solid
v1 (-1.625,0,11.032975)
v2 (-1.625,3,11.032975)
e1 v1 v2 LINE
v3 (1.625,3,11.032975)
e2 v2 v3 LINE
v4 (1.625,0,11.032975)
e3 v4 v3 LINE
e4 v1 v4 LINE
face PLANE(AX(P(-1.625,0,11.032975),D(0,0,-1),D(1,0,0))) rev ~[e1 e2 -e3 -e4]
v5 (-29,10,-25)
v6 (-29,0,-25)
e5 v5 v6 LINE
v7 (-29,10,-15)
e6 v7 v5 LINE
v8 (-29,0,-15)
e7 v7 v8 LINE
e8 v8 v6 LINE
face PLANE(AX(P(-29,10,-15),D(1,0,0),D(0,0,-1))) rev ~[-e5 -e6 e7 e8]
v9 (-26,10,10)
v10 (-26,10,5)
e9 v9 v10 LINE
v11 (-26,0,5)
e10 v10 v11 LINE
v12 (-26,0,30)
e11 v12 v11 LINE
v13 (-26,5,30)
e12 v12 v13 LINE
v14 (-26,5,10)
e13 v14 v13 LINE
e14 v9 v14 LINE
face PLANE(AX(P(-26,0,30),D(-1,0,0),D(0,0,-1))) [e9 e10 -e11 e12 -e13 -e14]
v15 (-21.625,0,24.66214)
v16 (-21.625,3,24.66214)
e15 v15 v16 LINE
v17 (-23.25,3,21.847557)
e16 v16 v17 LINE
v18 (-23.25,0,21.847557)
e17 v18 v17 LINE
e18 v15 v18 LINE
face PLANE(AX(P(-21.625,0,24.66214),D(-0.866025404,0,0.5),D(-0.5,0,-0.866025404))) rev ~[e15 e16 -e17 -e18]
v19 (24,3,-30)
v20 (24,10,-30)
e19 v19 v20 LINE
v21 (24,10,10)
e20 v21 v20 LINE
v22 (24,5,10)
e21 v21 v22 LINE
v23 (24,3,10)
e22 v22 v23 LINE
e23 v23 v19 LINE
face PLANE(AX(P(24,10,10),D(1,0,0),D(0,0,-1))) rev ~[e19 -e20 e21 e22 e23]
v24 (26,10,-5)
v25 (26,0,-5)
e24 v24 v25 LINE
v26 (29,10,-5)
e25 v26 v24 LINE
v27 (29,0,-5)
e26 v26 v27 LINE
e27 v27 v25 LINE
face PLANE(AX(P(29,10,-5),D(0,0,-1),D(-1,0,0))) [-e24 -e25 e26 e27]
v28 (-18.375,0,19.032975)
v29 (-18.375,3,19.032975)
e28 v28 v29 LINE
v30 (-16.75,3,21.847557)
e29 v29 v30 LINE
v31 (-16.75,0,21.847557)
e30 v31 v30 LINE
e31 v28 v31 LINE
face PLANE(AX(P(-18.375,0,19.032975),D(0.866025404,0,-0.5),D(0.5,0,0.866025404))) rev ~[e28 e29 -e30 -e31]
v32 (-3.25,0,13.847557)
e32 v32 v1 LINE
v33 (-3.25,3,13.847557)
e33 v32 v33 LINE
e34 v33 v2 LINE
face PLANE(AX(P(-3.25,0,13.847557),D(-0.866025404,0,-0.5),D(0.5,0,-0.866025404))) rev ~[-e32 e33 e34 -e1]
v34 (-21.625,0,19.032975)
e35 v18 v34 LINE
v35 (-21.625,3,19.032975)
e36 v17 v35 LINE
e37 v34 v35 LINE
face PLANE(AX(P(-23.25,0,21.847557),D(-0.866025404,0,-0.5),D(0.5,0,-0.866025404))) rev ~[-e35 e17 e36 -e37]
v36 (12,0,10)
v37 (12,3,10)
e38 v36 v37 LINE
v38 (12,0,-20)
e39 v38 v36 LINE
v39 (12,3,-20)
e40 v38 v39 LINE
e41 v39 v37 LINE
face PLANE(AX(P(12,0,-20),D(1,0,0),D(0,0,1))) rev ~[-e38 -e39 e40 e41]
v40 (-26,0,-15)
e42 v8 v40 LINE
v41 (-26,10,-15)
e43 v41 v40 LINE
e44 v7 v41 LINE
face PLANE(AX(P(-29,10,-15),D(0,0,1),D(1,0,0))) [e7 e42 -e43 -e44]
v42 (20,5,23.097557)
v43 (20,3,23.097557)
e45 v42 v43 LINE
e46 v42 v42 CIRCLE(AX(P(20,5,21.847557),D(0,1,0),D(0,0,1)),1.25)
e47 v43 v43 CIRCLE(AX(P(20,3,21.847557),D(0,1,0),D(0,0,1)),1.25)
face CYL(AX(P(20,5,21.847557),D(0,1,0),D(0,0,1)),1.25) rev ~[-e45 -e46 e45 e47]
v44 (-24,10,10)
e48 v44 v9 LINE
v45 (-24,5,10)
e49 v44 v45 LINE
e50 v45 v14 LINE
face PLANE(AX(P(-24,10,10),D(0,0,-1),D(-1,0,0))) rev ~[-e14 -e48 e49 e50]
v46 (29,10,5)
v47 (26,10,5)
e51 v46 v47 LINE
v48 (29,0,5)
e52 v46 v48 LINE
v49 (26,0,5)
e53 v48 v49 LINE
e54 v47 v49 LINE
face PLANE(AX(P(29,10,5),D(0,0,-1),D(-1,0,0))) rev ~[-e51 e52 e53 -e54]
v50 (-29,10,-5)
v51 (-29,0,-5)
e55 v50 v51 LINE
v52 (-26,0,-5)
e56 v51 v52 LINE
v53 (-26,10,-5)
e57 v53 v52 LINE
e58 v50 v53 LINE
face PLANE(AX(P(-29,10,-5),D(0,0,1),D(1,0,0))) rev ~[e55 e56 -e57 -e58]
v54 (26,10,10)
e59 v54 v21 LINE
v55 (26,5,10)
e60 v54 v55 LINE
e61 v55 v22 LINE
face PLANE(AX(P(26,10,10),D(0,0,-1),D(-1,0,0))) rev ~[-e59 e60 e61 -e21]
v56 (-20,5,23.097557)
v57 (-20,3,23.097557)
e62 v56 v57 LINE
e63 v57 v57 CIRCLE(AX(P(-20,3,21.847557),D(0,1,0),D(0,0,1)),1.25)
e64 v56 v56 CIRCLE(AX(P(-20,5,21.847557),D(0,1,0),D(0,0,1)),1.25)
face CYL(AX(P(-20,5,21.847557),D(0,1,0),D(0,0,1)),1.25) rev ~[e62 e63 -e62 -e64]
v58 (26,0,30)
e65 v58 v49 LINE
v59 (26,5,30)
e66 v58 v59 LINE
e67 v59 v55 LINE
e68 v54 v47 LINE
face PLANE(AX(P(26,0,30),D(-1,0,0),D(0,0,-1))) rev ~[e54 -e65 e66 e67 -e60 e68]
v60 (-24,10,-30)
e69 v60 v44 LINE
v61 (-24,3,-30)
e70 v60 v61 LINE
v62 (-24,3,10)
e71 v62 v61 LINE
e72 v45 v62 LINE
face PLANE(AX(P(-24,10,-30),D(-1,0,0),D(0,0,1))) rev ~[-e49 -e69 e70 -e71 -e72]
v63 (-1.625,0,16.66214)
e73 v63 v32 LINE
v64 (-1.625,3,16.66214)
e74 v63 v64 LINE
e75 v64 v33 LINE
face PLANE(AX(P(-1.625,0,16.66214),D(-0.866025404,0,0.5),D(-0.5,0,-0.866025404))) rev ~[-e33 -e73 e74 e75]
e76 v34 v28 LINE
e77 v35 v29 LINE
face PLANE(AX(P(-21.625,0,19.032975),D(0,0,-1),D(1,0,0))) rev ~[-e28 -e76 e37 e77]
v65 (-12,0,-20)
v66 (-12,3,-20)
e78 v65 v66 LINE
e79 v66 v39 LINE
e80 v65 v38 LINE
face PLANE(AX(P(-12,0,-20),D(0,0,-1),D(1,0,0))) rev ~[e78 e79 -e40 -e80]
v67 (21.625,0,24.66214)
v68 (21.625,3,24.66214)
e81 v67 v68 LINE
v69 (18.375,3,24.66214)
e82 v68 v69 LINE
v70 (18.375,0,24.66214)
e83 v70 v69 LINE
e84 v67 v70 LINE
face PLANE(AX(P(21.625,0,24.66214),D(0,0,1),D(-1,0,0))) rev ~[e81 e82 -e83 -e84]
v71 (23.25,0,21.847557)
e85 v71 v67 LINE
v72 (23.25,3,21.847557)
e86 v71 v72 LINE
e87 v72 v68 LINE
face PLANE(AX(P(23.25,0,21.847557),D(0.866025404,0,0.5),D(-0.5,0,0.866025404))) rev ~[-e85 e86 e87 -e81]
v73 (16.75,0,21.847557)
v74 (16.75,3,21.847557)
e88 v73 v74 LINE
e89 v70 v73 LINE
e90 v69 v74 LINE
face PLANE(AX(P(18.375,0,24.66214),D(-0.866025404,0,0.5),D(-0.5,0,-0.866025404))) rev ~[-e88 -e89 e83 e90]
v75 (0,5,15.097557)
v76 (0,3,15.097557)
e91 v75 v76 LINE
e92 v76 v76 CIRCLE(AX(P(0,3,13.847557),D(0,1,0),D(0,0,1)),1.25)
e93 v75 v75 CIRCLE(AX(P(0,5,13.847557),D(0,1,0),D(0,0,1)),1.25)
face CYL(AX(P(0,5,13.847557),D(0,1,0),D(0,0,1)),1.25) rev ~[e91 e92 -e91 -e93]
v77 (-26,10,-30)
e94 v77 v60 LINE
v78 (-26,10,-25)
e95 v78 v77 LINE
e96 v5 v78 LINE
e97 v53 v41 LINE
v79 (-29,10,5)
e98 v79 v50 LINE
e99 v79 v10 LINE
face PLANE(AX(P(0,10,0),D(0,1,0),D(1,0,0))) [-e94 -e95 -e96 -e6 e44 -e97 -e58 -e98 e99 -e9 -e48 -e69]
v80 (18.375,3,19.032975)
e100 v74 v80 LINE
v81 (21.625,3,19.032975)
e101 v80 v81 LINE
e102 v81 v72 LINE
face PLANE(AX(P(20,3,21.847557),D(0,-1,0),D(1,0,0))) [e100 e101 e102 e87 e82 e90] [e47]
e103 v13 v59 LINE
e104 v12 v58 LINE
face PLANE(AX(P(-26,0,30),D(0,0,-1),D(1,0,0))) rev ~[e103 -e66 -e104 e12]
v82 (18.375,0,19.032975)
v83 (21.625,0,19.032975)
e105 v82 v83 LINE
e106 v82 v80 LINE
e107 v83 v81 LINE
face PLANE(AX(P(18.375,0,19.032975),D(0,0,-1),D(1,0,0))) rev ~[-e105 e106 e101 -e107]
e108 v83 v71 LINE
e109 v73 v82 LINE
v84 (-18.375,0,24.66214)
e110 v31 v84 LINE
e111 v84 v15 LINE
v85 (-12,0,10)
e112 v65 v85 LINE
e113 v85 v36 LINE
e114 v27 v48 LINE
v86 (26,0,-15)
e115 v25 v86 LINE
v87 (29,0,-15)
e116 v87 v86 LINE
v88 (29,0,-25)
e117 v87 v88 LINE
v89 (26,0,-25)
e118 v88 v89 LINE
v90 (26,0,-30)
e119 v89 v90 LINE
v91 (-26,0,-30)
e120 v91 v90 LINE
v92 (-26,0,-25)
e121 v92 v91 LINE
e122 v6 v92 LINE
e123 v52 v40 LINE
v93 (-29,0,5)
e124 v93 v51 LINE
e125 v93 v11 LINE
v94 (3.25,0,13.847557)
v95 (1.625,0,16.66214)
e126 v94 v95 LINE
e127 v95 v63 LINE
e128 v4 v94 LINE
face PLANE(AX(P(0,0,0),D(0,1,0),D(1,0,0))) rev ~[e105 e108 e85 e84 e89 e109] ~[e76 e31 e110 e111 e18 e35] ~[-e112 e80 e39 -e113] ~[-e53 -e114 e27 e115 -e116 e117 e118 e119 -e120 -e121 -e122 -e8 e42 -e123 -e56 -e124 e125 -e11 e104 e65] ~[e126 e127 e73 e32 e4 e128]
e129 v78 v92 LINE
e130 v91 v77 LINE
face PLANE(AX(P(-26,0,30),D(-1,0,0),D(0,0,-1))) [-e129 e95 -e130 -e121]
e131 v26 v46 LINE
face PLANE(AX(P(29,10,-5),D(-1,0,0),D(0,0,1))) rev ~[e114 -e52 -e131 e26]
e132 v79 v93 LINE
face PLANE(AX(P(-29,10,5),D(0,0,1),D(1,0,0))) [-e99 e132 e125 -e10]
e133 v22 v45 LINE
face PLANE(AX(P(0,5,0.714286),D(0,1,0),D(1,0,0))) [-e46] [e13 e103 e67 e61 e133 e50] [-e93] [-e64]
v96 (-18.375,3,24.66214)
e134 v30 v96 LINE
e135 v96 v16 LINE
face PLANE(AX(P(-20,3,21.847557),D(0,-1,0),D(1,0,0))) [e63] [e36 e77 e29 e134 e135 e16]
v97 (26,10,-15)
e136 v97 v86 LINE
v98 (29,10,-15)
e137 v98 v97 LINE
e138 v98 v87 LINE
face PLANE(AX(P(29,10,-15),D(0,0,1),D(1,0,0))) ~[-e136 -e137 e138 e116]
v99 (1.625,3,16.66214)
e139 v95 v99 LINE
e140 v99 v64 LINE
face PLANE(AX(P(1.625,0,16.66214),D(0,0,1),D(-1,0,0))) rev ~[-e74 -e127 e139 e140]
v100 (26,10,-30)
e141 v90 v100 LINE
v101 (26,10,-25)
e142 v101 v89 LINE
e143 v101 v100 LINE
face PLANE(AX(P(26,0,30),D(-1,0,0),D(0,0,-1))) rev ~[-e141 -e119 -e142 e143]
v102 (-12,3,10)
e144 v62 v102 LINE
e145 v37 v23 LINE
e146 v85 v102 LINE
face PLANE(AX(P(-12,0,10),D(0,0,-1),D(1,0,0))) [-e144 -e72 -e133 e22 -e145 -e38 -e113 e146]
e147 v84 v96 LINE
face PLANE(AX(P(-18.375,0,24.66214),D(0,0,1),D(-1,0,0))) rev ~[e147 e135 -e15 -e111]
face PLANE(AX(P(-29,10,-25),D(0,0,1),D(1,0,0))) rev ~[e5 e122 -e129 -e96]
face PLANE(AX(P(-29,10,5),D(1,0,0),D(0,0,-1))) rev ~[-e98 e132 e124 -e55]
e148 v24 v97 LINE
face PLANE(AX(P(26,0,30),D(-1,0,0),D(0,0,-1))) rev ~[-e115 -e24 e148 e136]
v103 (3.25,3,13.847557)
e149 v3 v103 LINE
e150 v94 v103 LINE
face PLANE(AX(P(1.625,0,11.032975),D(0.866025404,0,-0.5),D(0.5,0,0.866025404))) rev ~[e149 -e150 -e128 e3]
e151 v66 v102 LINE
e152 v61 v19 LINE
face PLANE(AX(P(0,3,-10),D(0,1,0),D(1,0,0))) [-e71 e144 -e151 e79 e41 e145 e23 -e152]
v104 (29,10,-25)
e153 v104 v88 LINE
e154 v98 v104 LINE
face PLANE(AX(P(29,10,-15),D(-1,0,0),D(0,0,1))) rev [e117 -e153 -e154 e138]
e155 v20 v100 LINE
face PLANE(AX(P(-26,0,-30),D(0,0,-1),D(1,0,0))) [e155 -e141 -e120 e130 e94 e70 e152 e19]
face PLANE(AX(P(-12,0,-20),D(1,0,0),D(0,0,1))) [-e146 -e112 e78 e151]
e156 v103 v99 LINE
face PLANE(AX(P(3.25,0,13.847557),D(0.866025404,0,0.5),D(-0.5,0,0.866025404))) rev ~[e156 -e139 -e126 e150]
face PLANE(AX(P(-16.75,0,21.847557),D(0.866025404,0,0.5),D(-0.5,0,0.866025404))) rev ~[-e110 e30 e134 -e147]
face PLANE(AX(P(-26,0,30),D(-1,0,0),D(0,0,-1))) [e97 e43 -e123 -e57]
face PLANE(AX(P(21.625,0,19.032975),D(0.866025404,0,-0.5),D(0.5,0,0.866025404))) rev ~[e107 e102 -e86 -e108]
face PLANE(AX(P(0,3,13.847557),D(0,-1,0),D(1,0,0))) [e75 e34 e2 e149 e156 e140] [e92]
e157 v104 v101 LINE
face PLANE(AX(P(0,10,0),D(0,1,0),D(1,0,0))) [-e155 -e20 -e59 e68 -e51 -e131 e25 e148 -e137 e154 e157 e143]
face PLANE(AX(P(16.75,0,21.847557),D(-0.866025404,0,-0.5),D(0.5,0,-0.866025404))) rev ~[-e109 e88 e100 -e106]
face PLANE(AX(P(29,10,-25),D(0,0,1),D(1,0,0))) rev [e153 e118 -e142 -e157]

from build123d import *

# Parameters (mm, degrees)
SKETCH1_W               = 52
SKETCH1_H               = 60
BOSS_EXTRUDE1_DEPTH     = 10
CUT_EXTRUDE1_DEPTH      = 5
SKETCH3_R               = 1.25
CUT_EXTRUDE2_DEPTH      = 5
CUT_EXTRUDE3_DEPTH      = 3
SKETCH6_W               = 24
SKETCH6_H               = 30
CUT_EXTRUDE4_DEPTH      = 41.938978981
SKETCH7_W               = 3
SKETCH7_H               = 10
BOSS_EXTRUDE2_DEPTH     = 10
LPATTERN1_COUNT         = 2
LPATTERN1_PITCH         = 20
MIRROR1_COPY_1_SKETCH_W = 3
MIRROR1_COPY_1_SKETCH_H = 10
MIRROR1_COPY_1_DEPTH    = 10
SKETCH8_W               = 48
SKETCH8_H               = 40
CUT_EXTRUDE5_DEPTH      = 2


with BuildPart() as part:
    # Sketch1 → Boss-Extrude1 (new body)
    with BuildSketch(Plane(origin=(0, 0, 0), x_dir=(1, 0, 0), z_dir=(0, 1, 0))):
        Rectangle(SKETCH1_W, SKETCH1_H)
    extrude(amount=BOSS_EXTRUDE1_DEPTH)

    # Sketch2 → Cut-Extrude1 (cut)
    with BuildSketch(Plane(origin=(0, 10, 0), x_dir=(1, 0, 0), z_dir=(0, 1, 0))):
        Polygon((-26, -30), (26, -30), (26, -10), (24, -10), (24, 30), (-24, 30), (-24, -10), (-26, -10), align=None)
    extrude(amount=-CUT_EXTRUDE1_DEPTH, mode=Mode.SUBTRACT)

    # Sketch3 → Cut-Extrude2 (cut)
    with BuildSketch(Plane(origin=(0, 5, 0), x_dir=(1, 0, 0), z_dir=(0, 1, 0))):
        with Locations(Location((-20, -21.847557332, 0), (0, 0, 270))):
            Circle(SKETCH3_R)
        with Locations(Location((0, -13.847557332, 0), (0, 0, 270))):
            Circle(SKETCH3_R)
        with Locations(Location((20, -21.847557332, 0), (0, 0, 270))):
            Circle(SKETCH3_R)
    extrude(amount=-CUT_EXTRUDE2_DEPTH, mode=Mode.SUBTRACT)

    # Sketch5 → Cut-Extrude3 (cut)
    with BuildSketch(Plane.XZ):
        Polygon((-18.375, 24.662139894), (-21.625, 24.662139894), (-23.25, 21.847557332), (-21.625, 19.03297477), (-18.375, 19.03297477), (-16.75, 21.847557332), align=None)
        Polygon((1.625, 16.662139894), (-1.625, 16.662139894), (-3.25, 13.847557332), (-1.625, 11.03297477), (1.625, 11.03297477), (3.25, 13.847557332), align=None)
        Polygon((21.625, 24.662139894), (18.375, 24.662139894), (16.75, 21.847557332), (18.375, 19.03297477), (21.625, 19.03297477), (23.25, 21.847557332), align=None)
    extrude(amount=-CUT_EXTRUDE3_DEPTH, mode=Mode.SUBTRACT)

    # Sketch6 → Cut-Extrude4 (cut, through all)
    with BuildSketch(Plane.XZ):
        with Locations((0, -5)):
            Rectangle(SKETCH6_W, SKETCH6_H)
    extrude(amount=-CUT_EXTRUDE4_DEPTH, mode=Mode.SUBTRACT)

    # Sketch7 → Boss-Extrude2 (add)
    with BuildSketch(Plane(origin=(0, 10, 0), x_dir=(1, 0, 0), z_dir=(0, 1, 0))):
        with Locations((-27.5, 20)):
            Rectangle(SKETCH7_W, SKETCH7_H)
    boss_extrude2 = extrude(amount=-BOSS_EXTRUDE2_DEPTH)

    # LPattern1: Boss-Extrude2 ×2
    with Locations(*[(0, 0, i * LPATTERN1_PITCH) for i in range(1, LPATTERN1_COUNT)]):
        add(boss_extrude2)

    # Mirror1: Boss-Extrude2 across plane
    add(boss_extrude2.mirror(Plane(origin=(0, 0, 0), x_dir=(0, 0, 1), z_dir=(1, 0, 0))))

    # Mirror1 copy 1 sketch → Mirror1 copy 1 (add)
    with BuildSketch(Plane(origin=(0, 10, 20), x_dir=(-1, 0, 0), z_dir=(0, 1, 0))):
        with Locations((-27.5, -20)):
            Rectangle(MIRROR1_COPY_1_SKETCH_W, MIRROR1_COPY_1_SKETCH_H)
    extrude(amount=-MIRROR1_COPY_1_DEPTH)

    # Sketch8 → Cut-Extrude5 (cut)
    with BuildSketch(Plane(origin=(0, 5, 0), x_dir=(1, 0, 0), z_dir=(0, 1, 0))):
        with Locations((0, 10)):
            Rectangle(SKETCH8_W, SKETCH8_H)
    extrude(amount=-CUT_EXTRUDE5_DEPTH, mode=Mode.SUBTRACT)


solid = part.part
